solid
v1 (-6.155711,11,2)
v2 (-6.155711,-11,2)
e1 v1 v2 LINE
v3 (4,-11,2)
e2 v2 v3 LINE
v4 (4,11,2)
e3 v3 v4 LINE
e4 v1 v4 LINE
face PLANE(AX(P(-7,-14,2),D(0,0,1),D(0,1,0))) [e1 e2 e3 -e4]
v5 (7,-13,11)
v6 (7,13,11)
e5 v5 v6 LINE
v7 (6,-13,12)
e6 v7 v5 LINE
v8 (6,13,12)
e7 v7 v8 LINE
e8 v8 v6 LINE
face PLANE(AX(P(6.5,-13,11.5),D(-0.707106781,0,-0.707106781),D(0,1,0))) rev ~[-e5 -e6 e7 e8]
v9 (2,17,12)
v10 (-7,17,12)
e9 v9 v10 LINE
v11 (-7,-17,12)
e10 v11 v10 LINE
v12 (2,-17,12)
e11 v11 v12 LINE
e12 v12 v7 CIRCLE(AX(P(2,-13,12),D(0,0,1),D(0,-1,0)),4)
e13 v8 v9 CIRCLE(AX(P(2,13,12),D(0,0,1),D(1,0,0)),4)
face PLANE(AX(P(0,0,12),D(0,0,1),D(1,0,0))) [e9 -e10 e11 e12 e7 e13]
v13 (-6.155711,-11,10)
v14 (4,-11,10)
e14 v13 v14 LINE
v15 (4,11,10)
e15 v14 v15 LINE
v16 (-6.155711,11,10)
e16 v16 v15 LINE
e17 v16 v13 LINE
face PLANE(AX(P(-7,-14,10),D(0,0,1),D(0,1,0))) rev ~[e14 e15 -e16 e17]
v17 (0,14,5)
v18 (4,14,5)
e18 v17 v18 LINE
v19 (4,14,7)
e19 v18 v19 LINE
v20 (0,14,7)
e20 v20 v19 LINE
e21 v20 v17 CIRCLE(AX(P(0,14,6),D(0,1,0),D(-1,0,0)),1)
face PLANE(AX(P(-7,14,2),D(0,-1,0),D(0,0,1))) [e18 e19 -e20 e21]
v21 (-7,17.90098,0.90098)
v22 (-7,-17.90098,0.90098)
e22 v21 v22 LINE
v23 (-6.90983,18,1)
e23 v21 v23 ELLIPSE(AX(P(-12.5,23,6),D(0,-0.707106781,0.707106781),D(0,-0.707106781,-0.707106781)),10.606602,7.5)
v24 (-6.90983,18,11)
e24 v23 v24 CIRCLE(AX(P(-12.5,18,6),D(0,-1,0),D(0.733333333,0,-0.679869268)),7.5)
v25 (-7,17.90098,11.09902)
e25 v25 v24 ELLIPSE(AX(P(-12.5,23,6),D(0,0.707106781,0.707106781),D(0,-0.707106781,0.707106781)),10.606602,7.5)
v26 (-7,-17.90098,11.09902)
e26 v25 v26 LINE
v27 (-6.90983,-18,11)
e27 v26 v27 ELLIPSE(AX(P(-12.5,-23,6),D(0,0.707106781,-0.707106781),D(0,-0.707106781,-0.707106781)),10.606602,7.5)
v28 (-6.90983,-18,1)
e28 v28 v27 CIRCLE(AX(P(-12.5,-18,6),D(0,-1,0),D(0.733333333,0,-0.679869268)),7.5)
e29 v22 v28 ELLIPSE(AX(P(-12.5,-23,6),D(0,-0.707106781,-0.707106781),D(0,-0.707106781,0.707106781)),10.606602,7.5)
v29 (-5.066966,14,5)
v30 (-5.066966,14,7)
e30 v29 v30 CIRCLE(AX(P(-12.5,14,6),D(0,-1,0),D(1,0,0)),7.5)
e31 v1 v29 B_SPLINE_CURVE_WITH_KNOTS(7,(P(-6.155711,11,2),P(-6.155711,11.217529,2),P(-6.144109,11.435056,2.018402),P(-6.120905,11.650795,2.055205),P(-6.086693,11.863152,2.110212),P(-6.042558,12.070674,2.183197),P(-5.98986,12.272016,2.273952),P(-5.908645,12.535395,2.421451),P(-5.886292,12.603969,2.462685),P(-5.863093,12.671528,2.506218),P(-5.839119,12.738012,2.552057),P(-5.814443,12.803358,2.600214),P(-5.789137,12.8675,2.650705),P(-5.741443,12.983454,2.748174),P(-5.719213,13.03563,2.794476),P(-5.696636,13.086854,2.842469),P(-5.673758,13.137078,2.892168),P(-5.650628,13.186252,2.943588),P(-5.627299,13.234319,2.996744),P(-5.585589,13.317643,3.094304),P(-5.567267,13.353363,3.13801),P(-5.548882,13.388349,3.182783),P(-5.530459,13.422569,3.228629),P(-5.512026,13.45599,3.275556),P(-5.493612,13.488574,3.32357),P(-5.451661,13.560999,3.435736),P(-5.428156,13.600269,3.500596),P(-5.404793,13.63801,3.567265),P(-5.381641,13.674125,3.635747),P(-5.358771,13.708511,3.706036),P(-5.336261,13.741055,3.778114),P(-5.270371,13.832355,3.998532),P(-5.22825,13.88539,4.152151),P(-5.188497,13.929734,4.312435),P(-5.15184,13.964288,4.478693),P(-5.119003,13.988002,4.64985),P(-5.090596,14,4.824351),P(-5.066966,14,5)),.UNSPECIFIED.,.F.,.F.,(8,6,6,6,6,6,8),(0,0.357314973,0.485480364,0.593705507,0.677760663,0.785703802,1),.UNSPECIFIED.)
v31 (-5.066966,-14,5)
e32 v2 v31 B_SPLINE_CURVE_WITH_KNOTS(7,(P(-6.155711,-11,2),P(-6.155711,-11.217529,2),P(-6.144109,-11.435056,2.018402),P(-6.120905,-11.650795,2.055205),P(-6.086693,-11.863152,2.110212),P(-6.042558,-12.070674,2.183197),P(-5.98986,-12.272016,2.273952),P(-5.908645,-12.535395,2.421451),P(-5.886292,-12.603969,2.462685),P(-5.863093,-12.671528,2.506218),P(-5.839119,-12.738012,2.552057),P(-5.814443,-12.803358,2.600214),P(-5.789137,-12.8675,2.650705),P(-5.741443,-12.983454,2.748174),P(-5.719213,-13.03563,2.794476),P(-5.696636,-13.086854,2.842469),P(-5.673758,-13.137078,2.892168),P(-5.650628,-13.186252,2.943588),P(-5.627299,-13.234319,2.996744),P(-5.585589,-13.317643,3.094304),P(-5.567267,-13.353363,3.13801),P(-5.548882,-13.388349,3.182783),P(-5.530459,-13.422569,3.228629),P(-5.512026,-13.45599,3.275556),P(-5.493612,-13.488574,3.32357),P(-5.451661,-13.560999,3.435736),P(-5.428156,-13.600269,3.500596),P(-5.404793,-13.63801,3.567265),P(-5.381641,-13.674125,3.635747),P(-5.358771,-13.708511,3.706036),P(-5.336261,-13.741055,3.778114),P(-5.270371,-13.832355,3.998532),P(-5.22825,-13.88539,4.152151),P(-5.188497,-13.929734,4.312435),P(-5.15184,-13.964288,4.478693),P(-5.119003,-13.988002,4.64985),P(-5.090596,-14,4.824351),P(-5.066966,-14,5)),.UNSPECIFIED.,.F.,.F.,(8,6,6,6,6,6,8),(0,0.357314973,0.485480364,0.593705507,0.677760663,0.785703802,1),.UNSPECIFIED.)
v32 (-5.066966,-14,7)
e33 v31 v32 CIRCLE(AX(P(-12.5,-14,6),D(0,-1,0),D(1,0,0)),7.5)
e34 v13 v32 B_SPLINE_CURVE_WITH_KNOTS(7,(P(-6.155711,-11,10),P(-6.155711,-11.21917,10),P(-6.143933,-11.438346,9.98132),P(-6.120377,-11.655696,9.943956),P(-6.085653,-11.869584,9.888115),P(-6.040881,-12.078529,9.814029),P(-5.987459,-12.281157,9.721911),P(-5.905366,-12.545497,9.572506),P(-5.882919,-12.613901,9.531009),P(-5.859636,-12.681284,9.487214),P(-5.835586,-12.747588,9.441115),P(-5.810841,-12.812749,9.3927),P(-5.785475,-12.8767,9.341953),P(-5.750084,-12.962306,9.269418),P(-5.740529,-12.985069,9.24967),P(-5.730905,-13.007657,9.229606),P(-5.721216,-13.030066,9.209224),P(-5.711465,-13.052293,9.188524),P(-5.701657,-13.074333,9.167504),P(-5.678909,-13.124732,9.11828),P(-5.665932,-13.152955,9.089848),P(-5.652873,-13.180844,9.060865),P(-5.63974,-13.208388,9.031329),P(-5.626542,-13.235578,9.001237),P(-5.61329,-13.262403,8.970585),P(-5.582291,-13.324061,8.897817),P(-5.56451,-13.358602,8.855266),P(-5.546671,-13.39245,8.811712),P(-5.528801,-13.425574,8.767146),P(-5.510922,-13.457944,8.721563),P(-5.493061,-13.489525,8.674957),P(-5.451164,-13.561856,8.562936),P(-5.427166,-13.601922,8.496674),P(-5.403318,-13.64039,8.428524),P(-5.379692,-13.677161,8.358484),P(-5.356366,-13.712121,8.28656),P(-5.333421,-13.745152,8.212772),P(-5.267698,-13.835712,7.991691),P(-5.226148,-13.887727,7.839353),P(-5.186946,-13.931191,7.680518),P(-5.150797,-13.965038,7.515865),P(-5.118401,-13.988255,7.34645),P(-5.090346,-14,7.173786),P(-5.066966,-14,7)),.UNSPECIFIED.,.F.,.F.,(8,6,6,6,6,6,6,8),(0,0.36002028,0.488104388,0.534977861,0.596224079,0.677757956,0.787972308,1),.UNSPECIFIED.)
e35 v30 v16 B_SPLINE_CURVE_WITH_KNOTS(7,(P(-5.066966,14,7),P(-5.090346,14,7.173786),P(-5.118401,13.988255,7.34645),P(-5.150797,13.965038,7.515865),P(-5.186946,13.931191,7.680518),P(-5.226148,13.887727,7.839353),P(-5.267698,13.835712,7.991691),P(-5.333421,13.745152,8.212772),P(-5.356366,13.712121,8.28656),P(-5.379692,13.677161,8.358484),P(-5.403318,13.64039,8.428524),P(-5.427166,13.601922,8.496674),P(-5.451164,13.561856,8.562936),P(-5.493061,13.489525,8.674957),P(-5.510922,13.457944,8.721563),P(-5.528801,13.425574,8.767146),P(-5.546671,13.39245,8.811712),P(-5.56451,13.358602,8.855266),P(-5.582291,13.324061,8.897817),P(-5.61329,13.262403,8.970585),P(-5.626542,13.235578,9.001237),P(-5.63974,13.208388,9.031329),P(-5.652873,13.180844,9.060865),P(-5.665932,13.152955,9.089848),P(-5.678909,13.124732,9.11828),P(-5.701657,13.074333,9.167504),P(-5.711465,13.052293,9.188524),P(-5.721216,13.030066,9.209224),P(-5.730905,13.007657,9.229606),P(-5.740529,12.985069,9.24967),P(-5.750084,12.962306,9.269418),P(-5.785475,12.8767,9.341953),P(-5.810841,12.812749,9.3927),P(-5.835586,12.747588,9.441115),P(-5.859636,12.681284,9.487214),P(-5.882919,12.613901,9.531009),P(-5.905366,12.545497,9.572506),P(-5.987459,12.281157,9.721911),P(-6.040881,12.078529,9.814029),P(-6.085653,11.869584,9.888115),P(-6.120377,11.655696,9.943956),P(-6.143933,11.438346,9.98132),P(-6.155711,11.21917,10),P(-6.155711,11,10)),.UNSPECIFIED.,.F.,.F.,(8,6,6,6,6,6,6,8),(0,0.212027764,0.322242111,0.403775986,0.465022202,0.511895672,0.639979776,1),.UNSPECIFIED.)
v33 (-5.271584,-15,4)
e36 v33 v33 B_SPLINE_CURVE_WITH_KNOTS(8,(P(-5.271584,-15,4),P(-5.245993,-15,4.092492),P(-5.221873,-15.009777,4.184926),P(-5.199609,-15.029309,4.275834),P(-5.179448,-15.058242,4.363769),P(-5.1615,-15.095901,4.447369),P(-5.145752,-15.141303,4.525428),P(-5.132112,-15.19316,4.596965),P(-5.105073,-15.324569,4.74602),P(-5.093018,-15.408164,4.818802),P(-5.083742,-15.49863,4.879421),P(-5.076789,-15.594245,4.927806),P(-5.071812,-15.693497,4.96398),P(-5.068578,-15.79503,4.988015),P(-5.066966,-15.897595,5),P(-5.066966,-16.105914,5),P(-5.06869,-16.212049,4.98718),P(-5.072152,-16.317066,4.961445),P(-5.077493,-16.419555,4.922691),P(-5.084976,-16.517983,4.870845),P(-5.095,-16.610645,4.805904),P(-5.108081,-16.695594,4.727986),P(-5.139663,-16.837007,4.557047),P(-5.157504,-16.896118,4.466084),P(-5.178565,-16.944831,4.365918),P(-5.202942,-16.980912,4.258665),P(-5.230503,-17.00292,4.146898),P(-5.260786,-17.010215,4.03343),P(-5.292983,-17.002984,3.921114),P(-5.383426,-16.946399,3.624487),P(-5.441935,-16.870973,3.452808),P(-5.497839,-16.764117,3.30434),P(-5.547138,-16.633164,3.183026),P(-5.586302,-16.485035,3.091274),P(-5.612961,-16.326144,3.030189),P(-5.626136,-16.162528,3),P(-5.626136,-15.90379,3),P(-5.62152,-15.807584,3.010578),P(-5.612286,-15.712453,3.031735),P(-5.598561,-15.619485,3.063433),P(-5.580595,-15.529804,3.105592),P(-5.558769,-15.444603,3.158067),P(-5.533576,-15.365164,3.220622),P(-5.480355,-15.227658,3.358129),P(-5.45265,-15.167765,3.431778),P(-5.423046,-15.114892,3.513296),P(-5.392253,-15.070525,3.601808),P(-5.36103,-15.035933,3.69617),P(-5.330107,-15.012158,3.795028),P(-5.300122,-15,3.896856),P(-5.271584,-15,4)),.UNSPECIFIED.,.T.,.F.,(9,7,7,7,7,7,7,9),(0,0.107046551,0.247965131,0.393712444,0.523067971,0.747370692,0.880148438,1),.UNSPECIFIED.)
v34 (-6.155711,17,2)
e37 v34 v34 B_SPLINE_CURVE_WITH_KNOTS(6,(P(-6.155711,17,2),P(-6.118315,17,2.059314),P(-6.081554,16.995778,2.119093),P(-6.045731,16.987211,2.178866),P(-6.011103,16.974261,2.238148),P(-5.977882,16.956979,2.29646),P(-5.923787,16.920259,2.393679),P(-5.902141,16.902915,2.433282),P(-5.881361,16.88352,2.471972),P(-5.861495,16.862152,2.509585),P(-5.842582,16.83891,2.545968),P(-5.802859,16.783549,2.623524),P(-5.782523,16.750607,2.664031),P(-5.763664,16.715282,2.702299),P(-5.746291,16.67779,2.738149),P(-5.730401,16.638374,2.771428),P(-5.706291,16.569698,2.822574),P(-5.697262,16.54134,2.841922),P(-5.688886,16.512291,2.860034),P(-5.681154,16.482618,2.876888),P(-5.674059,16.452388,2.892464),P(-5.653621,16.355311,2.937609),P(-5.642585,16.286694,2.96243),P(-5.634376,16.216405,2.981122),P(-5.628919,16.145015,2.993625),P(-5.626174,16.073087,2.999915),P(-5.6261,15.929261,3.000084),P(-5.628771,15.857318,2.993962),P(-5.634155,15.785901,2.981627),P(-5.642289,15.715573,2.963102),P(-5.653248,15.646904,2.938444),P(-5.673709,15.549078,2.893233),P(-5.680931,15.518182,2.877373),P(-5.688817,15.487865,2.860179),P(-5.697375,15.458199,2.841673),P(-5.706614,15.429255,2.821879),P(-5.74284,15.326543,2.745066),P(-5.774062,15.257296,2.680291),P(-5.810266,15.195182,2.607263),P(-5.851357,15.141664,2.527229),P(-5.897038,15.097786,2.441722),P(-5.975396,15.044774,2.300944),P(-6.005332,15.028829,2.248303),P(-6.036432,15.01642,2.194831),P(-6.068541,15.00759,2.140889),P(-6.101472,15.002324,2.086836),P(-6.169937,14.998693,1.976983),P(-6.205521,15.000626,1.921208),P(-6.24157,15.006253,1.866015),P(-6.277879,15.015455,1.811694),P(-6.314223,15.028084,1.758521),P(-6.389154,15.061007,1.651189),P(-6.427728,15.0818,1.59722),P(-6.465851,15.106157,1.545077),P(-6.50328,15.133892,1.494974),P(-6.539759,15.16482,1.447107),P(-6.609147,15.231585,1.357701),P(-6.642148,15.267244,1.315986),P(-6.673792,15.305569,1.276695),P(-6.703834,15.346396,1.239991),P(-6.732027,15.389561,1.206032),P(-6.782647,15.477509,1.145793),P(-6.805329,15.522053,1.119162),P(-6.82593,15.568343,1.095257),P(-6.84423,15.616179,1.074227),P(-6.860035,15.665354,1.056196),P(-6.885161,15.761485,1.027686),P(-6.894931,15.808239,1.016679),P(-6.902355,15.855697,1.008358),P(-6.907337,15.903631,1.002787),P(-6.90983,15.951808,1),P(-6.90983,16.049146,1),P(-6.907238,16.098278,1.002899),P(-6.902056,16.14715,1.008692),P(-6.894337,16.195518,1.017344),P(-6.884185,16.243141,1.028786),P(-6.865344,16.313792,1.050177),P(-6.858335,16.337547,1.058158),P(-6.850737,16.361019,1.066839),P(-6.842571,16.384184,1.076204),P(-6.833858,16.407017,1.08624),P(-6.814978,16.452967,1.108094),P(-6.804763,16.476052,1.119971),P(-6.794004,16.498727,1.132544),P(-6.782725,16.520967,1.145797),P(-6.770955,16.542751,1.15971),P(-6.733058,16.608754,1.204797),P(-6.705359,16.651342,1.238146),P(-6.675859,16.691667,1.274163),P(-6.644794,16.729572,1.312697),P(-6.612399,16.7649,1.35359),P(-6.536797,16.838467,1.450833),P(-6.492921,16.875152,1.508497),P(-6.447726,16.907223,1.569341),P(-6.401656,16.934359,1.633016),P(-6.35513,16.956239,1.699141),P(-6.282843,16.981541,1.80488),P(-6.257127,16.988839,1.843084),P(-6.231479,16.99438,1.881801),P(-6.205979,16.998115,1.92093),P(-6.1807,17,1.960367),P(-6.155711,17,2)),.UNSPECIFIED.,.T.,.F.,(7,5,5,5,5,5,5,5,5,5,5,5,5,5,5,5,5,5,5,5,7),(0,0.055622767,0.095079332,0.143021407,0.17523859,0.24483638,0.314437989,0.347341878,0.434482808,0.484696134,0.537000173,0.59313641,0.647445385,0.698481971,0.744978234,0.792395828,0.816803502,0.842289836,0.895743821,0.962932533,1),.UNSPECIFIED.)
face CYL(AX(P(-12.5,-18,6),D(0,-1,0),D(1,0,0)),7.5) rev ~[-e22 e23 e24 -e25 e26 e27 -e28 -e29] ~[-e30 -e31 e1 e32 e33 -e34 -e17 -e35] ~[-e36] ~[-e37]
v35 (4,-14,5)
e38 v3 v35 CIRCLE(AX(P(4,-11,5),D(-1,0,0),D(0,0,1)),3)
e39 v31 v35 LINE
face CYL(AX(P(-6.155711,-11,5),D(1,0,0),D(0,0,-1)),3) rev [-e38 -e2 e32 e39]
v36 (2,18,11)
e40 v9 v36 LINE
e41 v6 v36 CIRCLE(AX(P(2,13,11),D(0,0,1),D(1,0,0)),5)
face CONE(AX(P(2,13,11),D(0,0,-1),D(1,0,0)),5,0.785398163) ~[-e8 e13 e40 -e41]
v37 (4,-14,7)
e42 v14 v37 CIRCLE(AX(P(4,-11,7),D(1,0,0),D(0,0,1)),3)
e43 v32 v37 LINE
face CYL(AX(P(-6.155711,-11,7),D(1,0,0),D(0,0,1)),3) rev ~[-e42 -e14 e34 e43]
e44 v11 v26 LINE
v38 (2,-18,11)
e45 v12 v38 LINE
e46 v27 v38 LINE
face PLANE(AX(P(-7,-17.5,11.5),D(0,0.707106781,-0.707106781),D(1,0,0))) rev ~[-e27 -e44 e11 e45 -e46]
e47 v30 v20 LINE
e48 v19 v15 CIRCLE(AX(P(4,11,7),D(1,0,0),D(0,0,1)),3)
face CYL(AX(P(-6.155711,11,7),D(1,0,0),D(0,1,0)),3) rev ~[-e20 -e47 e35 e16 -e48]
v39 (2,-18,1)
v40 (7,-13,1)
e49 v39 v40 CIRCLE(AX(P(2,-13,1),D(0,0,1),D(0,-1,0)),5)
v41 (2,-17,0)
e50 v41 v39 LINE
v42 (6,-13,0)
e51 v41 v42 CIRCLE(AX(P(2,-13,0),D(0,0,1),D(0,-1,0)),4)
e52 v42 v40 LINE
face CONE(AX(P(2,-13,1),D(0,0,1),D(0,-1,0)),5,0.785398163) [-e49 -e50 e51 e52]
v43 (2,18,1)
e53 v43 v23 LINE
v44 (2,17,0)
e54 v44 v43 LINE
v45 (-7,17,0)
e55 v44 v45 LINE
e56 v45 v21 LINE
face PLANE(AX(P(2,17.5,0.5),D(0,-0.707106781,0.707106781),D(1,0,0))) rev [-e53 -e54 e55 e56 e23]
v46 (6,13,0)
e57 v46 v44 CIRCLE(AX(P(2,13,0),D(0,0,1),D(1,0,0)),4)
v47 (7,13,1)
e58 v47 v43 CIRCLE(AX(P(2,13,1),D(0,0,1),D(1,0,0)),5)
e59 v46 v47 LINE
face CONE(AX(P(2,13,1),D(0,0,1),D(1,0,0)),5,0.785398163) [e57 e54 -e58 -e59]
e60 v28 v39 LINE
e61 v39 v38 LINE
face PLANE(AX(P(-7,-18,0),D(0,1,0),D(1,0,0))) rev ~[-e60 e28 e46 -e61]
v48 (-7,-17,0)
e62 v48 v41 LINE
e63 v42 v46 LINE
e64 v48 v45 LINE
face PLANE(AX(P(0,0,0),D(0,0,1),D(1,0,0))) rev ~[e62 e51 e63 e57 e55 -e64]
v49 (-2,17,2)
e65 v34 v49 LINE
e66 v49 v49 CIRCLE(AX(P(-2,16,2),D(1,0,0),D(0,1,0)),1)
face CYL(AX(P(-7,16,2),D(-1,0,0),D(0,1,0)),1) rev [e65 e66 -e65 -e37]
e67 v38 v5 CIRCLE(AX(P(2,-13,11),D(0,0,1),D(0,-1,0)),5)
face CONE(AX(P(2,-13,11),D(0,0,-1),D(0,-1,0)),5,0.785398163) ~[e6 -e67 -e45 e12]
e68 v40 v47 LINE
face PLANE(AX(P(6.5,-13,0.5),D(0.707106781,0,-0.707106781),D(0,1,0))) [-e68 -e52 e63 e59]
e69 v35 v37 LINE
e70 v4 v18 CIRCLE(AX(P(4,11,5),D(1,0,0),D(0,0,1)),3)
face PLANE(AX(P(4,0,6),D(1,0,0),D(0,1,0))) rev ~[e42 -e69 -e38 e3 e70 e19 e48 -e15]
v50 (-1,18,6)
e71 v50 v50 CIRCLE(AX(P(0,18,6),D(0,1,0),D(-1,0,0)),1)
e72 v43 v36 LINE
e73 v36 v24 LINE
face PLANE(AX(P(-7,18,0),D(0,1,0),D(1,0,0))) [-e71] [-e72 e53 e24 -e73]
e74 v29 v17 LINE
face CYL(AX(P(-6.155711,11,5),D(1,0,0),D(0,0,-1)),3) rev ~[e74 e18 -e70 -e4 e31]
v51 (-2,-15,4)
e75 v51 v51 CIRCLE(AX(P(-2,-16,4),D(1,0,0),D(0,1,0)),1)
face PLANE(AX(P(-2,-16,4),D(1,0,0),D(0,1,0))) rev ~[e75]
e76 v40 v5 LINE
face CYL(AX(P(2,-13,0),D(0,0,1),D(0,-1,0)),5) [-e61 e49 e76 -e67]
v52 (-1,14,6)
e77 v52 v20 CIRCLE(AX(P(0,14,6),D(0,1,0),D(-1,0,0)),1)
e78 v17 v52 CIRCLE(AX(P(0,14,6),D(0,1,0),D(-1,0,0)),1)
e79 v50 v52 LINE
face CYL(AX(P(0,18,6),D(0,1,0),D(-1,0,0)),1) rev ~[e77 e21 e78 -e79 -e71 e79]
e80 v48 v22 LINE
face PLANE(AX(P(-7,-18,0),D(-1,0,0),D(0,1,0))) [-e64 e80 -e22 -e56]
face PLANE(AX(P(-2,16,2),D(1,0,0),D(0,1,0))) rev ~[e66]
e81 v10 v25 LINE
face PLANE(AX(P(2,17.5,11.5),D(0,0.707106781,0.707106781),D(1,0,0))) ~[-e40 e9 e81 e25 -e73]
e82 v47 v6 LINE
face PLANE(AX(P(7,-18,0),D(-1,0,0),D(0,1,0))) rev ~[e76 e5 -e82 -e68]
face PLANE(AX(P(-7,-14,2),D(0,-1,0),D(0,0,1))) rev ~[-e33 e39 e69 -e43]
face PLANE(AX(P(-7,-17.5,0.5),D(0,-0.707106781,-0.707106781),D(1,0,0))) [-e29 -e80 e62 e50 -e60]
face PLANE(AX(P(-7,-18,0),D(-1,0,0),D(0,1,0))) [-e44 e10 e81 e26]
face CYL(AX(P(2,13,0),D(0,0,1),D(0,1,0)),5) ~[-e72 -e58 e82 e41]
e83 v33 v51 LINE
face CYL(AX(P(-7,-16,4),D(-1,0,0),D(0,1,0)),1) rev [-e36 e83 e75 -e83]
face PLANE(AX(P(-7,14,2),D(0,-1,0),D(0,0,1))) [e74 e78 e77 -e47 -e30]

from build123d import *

# Parameters (mm, degrees)
F0_W      = 14
F0_H      = 36
F1_DEPTH  = 12
F2_R      = 7.5
F3_DEPTH  = 36.001
F5_W      = 28
F5_H      = 8
F6_DEPTH  = 11
F7_R      = 3
F8_R      = 5
F9_SIZE   = 1
F10_R     = 1
F11_DEPTH = 4
F12_R     = 1
F13_DEPTH = 5


with BuildPart() as f1:
    # F0 (on Top) → F1 (new body)
    with BuildSketch(Plane.XY):
        Rectangle(F0_W, F0_H)
    extrude(amount=F1_DEPTH)

    # F2 (on face) → F3 (cut, through all)
    with BuildSketch(Plane.XZ.offset(18)):
        with Locations((-12.5, 6)):
            Circle(F2_R)
    extrude(amount=-F3_DEPTH, mode=Mode.SUBTRACT)

    # F5 (on offset) → F6 (cut)
    with BuildSketch(Plane.YZ.offset(-7)):
        with Locations((0, 6)):
            Rectangle(F5_W, F5_H)
    extrude(amount=F6_DEPTH, mode=Mode.SUBTRACT)

    # F7
    f7_edges = [f1.edges().sort_by_distance(p)[0] for p in [
        (-1.077856, 14, 2),
        (-1.077856, -14, 10),
        (-1.077856, -14, 2),
        (-1.077856, 14, 10),
    ]]
    fillet(f7_edges, radius=F7_R)

    # F8
    f8_edges = [f1.edges().sort_by_distance(p)[0] for p in [
        (7, -18, 6),
        (7, 18, 6),
    ]]
    fillet(f8_edges, radius=F8_R)

    # F9
    f9_edges = [f1.edges().sort_by_distance(p)[0] for p in [
        (-2.5, -18, 0),
        (-2.5, -18, 12),
    ]]
    chamfer(f9_edges, length=F9_SIZE)

    # F10 (on face) → F11 (cut, through all)
    with BuildSketch(Plane(origin=(0, 18, 0), x_dir=(-1, 0, 0), z_dir=(0, 1, 0))):
        with Locations((0, 6)):
            Circle(F10_R)
    extrude(amount=-F11_DEPTH, mode=Mode.SUBTRACT)

    # F12 (on offset) → F13 (cut)
    with BuildSketch(Plane.YZ.offset(-7)):
        with Locations((-16, 4)):
            Circle(F12_R)
        with Locations((16, 2)):
            Circle(F12_R)
    extrude(amount=F13_DEPTH, mode=Mode.SUBTRACT)


solid = f1.part
